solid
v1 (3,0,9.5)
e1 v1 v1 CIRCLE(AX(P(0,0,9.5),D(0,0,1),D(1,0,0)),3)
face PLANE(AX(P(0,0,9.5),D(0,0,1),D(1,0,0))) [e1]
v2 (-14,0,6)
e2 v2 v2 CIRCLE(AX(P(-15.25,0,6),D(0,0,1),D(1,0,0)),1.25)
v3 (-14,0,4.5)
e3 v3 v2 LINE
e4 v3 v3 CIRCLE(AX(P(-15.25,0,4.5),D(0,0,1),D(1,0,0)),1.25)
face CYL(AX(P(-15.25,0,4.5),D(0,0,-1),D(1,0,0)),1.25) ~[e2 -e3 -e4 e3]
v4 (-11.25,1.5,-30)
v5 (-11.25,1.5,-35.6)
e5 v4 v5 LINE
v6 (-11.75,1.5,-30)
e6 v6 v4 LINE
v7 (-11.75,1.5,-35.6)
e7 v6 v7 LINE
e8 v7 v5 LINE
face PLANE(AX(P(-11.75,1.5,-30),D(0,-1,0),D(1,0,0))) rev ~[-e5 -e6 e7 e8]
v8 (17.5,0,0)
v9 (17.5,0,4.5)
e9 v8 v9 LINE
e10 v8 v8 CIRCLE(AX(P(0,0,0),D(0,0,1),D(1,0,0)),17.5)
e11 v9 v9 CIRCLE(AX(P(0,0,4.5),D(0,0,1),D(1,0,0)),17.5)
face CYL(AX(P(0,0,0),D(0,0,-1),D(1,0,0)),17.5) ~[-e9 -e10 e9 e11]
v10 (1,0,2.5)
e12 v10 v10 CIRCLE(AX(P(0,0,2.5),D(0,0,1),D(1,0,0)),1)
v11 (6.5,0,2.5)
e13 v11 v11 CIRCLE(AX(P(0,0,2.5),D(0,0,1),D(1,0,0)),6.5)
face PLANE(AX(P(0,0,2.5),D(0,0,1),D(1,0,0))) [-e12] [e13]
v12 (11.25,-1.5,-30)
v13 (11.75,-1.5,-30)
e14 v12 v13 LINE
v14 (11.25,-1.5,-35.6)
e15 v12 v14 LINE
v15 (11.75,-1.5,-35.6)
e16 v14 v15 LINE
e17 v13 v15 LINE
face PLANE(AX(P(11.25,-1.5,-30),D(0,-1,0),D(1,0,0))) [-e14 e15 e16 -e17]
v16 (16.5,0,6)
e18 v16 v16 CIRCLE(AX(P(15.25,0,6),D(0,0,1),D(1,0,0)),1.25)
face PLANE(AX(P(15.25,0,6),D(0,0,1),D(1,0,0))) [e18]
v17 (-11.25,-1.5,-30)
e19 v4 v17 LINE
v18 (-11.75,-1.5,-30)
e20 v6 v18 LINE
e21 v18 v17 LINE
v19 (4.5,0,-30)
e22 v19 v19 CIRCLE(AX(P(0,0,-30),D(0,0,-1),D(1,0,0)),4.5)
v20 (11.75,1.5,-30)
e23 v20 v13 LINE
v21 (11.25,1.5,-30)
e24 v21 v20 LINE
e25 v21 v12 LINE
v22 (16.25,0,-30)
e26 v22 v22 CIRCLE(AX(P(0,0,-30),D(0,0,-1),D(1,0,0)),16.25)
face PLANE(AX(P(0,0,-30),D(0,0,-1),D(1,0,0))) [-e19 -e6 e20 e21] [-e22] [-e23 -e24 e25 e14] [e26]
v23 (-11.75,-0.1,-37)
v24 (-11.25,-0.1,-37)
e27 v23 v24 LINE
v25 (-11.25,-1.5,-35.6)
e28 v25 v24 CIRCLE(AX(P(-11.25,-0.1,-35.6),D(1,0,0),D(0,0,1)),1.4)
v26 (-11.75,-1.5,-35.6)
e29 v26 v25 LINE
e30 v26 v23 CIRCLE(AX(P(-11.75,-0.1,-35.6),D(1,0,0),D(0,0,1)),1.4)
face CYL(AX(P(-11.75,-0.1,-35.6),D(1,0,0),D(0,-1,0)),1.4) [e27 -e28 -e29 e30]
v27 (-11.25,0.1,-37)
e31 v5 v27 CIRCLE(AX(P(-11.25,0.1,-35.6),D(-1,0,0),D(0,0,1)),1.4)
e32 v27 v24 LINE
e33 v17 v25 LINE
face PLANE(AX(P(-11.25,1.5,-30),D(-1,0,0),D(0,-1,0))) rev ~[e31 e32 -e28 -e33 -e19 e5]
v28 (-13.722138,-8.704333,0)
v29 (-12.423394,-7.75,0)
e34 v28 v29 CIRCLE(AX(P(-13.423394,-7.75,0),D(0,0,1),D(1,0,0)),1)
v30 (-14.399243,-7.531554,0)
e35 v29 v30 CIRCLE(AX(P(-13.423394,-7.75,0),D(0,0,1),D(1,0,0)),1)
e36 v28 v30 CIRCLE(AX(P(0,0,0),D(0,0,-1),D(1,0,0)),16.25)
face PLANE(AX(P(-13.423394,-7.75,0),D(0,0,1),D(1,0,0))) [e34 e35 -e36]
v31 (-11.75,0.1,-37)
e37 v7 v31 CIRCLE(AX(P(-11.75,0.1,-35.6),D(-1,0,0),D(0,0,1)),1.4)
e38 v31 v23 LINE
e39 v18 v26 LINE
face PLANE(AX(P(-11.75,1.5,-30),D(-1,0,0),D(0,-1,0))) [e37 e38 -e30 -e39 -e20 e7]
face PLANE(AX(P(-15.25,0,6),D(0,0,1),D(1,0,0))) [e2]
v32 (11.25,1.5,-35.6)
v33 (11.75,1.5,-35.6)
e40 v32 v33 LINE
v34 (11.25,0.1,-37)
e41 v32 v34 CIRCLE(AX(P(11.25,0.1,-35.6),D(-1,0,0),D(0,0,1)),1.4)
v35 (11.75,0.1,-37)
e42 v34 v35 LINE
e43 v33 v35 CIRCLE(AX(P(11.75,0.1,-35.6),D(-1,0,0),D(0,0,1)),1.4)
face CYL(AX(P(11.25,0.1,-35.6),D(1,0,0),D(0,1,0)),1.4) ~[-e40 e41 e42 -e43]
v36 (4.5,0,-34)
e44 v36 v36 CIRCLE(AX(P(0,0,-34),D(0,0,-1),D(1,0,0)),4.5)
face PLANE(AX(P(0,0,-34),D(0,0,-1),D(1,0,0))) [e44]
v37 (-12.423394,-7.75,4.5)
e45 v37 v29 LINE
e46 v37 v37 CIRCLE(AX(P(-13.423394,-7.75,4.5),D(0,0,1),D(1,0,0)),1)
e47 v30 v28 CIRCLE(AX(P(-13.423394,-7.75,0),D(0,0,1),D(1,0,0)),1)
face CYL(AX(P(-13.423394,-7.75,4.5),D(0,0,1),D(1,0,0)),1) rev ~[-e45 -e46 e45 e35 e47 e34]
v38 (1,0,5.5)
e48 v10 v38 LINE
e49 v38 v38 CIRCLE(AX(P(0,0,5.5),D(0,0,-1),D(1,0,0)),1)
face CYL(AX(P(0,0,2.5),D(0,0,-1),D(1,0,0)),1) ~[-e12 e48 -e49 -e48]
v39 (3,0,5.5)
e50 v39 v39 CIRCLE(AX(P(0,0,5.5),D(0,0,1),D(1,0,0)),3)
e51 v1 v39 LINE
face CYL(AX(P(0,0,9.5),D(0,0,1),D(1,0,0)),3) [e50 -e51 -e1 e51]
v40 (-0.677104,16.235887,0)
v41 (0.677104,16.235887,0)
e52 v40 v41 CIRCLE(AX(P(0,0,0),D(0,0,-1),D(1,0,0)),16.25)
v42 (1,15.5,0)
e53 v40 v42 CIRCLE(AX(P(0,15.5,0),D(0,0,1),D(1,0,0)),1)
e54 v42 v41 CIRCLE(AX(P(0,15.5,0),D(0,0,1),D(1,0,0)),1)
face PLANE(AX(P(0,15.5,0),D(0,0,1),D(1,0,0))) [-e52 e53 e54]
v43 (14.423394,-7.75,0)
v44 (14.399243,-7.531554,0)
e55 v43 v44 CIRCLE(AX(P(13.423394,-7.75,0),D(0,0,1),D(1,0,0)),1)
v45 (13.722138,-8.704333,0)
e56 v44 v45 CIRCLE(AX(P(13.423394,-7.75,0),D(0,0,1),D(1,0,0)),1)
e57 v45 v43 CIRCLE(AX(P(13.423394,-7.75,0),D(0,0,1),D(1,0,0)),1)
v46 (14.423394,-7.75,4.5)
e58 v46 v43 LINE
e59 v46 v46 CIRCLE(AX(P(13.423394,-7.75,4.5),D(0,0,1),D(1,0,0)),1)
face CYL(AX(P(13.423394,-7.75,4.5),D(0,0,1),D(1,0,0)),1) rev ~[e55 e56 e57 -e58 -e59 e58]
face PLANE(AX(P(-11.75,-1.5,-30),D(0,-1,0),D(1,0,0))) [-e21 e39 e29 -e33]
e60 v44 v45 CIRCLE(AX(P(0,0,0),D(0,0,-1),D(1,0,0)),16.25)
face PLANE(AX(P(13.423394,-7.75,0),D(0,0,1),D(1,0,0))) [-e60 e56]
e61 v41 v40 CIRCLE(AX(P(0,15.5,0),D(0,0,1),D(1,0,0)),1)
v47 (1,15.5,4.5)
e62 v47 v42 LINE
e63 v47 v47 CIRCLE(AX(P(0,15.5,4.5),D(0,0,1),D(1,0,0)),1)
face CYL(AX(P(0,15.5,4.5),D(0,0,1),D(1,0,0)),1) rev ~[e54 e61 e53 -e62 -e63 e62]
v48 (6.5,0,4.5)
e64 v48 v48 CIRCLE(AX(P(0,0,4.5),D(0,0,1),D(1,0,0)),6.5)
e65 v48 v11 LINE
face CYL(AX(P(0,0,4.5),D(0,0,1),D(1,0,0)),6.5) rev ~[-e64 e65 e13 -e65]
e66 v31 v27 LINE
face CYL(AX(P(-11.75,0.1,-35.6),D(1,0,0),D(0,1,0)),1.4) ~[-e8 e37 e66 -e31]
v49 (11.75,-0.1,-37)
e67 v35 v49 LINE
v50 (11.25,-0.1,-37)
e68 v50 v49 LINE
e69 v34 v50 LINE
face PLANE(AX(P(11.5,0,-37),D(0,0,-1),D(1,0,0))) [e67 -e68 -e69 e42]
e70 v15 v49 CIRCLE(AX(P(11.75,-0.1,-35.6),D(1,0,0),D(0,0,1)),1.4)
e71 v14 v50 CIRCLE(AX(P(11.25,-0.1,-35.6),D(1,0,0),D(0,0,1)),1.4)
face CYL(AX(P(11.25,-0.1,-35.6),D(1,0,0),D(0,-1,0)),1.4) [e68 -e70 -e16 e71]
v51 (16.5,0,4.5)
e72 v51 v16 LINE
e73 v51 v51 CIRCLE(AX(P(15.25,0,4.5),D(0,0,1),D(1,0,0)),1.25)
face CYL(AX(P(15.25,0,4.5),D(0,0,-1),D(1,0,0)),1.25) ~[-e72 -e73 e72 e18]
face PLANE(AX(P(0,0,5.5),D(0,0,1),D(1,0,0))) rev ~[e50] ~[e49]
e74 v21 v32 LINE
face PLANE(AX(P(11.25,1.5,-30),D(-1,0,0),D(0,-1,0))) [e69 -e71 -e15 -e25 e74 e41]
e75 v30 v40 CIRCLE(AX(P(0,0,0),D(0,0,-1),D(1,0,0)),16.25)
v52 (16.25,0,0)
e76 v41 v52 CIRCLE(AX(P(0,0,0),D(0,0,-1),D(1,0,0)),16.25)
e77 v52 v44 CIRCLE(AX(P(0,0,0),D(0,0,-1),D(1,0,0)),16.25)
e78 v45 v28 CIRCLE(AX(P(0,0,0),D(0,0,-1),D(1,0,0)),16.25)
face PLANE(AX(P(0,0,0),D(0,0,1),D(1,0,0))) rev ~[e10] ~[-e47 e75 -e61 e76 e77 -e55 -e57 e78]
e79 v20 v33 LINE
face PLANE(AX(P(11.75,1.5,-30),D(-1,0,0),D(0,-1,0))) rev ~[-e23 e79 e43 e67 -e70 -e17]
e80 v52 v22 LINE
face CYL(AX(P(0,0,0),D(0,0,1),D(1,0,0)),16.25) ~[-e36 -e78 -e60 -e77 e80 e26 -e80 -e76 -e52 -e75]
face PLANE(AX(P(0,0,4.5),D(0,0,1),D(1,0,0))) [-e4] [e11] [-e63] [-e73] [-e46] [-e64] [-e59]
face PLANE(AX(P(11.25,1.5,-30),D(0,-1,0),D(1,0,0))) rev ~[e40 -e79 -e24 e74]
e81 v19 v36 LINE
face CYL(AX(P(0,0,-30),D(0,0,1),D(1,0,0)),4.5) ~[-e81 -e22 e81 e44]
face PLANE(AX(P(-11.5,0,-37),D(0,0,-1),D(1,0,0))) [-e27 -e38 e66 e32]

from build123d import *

# Parameters (mm, degrees)
SKETCH_R        = 17.5
PAD_DEPTH       = 4.5
SKETCH001_R     = 16.25
PAD001_DEPTH    = 30
SKETCH002_R     = 4.5
PAD002_DEPTH    = 4
SKETCH003_W     = 0.5
SKETCH003_H     = 3
PAD003_DEPTH    = 7
FILLET_R        = 1.4
SKETCH004_R     = 1.25
PAD004_DEPTH    = 1.5
SKETCH005_R     = 1
POCKET_DEPTH    = 4.5
SKETCH006_R     = 6.5
POCKET001_DEPTH = 2
SKETCH007_R     = 1
PAD005_DEPTH    = 7
SKETCH008_R     = 3
PAD006_DEPTH    = 4


with BuildPart() as part:
    # Sketch → Pad (new body)
    with BuildSketch(Plane.XY):
        Circle(SKETCH_R)
    extrude(amount=PAD_DEPTH)

    # Sketch001 (on Face2 of Pad) → Pad001 (join)
    with BuildSketch(Plane(origin=(0, 0, 0), x_dir=(1, 0, 0), z_dir=(0, 0, -1))):
        Circle(SKETCH001_R)
    extrude(amount=PAD001_DEPTH)

    # Sketch002 (on Face5 of Pad001) → Pad002 (join)
    with BuildSketch(Plane(origin=(0, 0, -30), x_dir=(1, 0, 0), z_dir=(0, 0, -1))):
        Circle(SKETCH002_R)
    extrude(amount=PAD002_DEPTH)

    # Sketch003 (on Face5 of Pad002) → Pad003 (join)
    with BuildSketch(Plane(origin=(0, 0, -30), x_dir=(1, 0, 0), z_dir=(0, 0, -1))):
        with Locations((11.5, 0)):
            Rectangle(SKETCH003_W, SKETCH003_H)
        with Locations((-11.5, 0)):
            Rectangle(SKETCH003_W, SKETCH003_H)
    extrude(amount=PAD003_DEPTH)

    # Fillet
    fillet_edges = [part.edges().sort_by_distance(p)[0] for p in [
        (11.5, -1.5, -37),
        (11.5, 1.5, -37),
        (-11.5, 1.5, -37),
        (-11.5, -1.5, -37),
    ]]
    fillet(fillet_edges, radius=FILLET_R)

    # Sketch004 (on Face21 of Fillet) → Pad004 (join)
    with BuildSketch(Plane.XY.offset(4.5)):
        with Locations((-15.25, 0)):
            Circle(SKETCH004_R)
        with Locations((15.25, 0)):
            Circle(SKETCH004_R)
    extrude(amount=PAD004_DEPTH)

    # Sketch005 (on Face21 of Pad004) → Pocket (cut)
    with BuildSketch(Plane.XY.offset(4.5)):
        with Locations((0, 15.5)):
            Circle(SKETCH005_R)
        with Locations((-13.423394, -7.75)):
            Circle(SKETCH005_R)
        with Locations((13.423394, -7.75)):
            Circle(SKETCH005_R)
    extrude(amount=-POCKET_DEPTH, mode=Mode.SUBTRACT)

    # Sketch006 (on Face27 of Pocket) → Pocket001 (cut)
    with BuildSketch(Plane.XY.offset(4.5)):
        Circle(SKETCH006_R)
    extrude(amount=-POCKET001_DEPTH, mode=Mode.SUBTRACT)

    # Sketch007 (on Face32 of Pocket001) → Pad005 (join)
    with BuildSketch(Plane.XY.offset(2.5)):
        Circle(SKETCH007_R)
    extrude(amount=PAD005_DEPTH)

    # Sketch008 (on Face35 of Pad005) → Pad006 (join)
    with BuildSketch(Plane.XY.offset(9.5)):
        Circle(SKETCH008_R)
    extrude(amount=-PAD006_DEPTH)


solid = part.part
